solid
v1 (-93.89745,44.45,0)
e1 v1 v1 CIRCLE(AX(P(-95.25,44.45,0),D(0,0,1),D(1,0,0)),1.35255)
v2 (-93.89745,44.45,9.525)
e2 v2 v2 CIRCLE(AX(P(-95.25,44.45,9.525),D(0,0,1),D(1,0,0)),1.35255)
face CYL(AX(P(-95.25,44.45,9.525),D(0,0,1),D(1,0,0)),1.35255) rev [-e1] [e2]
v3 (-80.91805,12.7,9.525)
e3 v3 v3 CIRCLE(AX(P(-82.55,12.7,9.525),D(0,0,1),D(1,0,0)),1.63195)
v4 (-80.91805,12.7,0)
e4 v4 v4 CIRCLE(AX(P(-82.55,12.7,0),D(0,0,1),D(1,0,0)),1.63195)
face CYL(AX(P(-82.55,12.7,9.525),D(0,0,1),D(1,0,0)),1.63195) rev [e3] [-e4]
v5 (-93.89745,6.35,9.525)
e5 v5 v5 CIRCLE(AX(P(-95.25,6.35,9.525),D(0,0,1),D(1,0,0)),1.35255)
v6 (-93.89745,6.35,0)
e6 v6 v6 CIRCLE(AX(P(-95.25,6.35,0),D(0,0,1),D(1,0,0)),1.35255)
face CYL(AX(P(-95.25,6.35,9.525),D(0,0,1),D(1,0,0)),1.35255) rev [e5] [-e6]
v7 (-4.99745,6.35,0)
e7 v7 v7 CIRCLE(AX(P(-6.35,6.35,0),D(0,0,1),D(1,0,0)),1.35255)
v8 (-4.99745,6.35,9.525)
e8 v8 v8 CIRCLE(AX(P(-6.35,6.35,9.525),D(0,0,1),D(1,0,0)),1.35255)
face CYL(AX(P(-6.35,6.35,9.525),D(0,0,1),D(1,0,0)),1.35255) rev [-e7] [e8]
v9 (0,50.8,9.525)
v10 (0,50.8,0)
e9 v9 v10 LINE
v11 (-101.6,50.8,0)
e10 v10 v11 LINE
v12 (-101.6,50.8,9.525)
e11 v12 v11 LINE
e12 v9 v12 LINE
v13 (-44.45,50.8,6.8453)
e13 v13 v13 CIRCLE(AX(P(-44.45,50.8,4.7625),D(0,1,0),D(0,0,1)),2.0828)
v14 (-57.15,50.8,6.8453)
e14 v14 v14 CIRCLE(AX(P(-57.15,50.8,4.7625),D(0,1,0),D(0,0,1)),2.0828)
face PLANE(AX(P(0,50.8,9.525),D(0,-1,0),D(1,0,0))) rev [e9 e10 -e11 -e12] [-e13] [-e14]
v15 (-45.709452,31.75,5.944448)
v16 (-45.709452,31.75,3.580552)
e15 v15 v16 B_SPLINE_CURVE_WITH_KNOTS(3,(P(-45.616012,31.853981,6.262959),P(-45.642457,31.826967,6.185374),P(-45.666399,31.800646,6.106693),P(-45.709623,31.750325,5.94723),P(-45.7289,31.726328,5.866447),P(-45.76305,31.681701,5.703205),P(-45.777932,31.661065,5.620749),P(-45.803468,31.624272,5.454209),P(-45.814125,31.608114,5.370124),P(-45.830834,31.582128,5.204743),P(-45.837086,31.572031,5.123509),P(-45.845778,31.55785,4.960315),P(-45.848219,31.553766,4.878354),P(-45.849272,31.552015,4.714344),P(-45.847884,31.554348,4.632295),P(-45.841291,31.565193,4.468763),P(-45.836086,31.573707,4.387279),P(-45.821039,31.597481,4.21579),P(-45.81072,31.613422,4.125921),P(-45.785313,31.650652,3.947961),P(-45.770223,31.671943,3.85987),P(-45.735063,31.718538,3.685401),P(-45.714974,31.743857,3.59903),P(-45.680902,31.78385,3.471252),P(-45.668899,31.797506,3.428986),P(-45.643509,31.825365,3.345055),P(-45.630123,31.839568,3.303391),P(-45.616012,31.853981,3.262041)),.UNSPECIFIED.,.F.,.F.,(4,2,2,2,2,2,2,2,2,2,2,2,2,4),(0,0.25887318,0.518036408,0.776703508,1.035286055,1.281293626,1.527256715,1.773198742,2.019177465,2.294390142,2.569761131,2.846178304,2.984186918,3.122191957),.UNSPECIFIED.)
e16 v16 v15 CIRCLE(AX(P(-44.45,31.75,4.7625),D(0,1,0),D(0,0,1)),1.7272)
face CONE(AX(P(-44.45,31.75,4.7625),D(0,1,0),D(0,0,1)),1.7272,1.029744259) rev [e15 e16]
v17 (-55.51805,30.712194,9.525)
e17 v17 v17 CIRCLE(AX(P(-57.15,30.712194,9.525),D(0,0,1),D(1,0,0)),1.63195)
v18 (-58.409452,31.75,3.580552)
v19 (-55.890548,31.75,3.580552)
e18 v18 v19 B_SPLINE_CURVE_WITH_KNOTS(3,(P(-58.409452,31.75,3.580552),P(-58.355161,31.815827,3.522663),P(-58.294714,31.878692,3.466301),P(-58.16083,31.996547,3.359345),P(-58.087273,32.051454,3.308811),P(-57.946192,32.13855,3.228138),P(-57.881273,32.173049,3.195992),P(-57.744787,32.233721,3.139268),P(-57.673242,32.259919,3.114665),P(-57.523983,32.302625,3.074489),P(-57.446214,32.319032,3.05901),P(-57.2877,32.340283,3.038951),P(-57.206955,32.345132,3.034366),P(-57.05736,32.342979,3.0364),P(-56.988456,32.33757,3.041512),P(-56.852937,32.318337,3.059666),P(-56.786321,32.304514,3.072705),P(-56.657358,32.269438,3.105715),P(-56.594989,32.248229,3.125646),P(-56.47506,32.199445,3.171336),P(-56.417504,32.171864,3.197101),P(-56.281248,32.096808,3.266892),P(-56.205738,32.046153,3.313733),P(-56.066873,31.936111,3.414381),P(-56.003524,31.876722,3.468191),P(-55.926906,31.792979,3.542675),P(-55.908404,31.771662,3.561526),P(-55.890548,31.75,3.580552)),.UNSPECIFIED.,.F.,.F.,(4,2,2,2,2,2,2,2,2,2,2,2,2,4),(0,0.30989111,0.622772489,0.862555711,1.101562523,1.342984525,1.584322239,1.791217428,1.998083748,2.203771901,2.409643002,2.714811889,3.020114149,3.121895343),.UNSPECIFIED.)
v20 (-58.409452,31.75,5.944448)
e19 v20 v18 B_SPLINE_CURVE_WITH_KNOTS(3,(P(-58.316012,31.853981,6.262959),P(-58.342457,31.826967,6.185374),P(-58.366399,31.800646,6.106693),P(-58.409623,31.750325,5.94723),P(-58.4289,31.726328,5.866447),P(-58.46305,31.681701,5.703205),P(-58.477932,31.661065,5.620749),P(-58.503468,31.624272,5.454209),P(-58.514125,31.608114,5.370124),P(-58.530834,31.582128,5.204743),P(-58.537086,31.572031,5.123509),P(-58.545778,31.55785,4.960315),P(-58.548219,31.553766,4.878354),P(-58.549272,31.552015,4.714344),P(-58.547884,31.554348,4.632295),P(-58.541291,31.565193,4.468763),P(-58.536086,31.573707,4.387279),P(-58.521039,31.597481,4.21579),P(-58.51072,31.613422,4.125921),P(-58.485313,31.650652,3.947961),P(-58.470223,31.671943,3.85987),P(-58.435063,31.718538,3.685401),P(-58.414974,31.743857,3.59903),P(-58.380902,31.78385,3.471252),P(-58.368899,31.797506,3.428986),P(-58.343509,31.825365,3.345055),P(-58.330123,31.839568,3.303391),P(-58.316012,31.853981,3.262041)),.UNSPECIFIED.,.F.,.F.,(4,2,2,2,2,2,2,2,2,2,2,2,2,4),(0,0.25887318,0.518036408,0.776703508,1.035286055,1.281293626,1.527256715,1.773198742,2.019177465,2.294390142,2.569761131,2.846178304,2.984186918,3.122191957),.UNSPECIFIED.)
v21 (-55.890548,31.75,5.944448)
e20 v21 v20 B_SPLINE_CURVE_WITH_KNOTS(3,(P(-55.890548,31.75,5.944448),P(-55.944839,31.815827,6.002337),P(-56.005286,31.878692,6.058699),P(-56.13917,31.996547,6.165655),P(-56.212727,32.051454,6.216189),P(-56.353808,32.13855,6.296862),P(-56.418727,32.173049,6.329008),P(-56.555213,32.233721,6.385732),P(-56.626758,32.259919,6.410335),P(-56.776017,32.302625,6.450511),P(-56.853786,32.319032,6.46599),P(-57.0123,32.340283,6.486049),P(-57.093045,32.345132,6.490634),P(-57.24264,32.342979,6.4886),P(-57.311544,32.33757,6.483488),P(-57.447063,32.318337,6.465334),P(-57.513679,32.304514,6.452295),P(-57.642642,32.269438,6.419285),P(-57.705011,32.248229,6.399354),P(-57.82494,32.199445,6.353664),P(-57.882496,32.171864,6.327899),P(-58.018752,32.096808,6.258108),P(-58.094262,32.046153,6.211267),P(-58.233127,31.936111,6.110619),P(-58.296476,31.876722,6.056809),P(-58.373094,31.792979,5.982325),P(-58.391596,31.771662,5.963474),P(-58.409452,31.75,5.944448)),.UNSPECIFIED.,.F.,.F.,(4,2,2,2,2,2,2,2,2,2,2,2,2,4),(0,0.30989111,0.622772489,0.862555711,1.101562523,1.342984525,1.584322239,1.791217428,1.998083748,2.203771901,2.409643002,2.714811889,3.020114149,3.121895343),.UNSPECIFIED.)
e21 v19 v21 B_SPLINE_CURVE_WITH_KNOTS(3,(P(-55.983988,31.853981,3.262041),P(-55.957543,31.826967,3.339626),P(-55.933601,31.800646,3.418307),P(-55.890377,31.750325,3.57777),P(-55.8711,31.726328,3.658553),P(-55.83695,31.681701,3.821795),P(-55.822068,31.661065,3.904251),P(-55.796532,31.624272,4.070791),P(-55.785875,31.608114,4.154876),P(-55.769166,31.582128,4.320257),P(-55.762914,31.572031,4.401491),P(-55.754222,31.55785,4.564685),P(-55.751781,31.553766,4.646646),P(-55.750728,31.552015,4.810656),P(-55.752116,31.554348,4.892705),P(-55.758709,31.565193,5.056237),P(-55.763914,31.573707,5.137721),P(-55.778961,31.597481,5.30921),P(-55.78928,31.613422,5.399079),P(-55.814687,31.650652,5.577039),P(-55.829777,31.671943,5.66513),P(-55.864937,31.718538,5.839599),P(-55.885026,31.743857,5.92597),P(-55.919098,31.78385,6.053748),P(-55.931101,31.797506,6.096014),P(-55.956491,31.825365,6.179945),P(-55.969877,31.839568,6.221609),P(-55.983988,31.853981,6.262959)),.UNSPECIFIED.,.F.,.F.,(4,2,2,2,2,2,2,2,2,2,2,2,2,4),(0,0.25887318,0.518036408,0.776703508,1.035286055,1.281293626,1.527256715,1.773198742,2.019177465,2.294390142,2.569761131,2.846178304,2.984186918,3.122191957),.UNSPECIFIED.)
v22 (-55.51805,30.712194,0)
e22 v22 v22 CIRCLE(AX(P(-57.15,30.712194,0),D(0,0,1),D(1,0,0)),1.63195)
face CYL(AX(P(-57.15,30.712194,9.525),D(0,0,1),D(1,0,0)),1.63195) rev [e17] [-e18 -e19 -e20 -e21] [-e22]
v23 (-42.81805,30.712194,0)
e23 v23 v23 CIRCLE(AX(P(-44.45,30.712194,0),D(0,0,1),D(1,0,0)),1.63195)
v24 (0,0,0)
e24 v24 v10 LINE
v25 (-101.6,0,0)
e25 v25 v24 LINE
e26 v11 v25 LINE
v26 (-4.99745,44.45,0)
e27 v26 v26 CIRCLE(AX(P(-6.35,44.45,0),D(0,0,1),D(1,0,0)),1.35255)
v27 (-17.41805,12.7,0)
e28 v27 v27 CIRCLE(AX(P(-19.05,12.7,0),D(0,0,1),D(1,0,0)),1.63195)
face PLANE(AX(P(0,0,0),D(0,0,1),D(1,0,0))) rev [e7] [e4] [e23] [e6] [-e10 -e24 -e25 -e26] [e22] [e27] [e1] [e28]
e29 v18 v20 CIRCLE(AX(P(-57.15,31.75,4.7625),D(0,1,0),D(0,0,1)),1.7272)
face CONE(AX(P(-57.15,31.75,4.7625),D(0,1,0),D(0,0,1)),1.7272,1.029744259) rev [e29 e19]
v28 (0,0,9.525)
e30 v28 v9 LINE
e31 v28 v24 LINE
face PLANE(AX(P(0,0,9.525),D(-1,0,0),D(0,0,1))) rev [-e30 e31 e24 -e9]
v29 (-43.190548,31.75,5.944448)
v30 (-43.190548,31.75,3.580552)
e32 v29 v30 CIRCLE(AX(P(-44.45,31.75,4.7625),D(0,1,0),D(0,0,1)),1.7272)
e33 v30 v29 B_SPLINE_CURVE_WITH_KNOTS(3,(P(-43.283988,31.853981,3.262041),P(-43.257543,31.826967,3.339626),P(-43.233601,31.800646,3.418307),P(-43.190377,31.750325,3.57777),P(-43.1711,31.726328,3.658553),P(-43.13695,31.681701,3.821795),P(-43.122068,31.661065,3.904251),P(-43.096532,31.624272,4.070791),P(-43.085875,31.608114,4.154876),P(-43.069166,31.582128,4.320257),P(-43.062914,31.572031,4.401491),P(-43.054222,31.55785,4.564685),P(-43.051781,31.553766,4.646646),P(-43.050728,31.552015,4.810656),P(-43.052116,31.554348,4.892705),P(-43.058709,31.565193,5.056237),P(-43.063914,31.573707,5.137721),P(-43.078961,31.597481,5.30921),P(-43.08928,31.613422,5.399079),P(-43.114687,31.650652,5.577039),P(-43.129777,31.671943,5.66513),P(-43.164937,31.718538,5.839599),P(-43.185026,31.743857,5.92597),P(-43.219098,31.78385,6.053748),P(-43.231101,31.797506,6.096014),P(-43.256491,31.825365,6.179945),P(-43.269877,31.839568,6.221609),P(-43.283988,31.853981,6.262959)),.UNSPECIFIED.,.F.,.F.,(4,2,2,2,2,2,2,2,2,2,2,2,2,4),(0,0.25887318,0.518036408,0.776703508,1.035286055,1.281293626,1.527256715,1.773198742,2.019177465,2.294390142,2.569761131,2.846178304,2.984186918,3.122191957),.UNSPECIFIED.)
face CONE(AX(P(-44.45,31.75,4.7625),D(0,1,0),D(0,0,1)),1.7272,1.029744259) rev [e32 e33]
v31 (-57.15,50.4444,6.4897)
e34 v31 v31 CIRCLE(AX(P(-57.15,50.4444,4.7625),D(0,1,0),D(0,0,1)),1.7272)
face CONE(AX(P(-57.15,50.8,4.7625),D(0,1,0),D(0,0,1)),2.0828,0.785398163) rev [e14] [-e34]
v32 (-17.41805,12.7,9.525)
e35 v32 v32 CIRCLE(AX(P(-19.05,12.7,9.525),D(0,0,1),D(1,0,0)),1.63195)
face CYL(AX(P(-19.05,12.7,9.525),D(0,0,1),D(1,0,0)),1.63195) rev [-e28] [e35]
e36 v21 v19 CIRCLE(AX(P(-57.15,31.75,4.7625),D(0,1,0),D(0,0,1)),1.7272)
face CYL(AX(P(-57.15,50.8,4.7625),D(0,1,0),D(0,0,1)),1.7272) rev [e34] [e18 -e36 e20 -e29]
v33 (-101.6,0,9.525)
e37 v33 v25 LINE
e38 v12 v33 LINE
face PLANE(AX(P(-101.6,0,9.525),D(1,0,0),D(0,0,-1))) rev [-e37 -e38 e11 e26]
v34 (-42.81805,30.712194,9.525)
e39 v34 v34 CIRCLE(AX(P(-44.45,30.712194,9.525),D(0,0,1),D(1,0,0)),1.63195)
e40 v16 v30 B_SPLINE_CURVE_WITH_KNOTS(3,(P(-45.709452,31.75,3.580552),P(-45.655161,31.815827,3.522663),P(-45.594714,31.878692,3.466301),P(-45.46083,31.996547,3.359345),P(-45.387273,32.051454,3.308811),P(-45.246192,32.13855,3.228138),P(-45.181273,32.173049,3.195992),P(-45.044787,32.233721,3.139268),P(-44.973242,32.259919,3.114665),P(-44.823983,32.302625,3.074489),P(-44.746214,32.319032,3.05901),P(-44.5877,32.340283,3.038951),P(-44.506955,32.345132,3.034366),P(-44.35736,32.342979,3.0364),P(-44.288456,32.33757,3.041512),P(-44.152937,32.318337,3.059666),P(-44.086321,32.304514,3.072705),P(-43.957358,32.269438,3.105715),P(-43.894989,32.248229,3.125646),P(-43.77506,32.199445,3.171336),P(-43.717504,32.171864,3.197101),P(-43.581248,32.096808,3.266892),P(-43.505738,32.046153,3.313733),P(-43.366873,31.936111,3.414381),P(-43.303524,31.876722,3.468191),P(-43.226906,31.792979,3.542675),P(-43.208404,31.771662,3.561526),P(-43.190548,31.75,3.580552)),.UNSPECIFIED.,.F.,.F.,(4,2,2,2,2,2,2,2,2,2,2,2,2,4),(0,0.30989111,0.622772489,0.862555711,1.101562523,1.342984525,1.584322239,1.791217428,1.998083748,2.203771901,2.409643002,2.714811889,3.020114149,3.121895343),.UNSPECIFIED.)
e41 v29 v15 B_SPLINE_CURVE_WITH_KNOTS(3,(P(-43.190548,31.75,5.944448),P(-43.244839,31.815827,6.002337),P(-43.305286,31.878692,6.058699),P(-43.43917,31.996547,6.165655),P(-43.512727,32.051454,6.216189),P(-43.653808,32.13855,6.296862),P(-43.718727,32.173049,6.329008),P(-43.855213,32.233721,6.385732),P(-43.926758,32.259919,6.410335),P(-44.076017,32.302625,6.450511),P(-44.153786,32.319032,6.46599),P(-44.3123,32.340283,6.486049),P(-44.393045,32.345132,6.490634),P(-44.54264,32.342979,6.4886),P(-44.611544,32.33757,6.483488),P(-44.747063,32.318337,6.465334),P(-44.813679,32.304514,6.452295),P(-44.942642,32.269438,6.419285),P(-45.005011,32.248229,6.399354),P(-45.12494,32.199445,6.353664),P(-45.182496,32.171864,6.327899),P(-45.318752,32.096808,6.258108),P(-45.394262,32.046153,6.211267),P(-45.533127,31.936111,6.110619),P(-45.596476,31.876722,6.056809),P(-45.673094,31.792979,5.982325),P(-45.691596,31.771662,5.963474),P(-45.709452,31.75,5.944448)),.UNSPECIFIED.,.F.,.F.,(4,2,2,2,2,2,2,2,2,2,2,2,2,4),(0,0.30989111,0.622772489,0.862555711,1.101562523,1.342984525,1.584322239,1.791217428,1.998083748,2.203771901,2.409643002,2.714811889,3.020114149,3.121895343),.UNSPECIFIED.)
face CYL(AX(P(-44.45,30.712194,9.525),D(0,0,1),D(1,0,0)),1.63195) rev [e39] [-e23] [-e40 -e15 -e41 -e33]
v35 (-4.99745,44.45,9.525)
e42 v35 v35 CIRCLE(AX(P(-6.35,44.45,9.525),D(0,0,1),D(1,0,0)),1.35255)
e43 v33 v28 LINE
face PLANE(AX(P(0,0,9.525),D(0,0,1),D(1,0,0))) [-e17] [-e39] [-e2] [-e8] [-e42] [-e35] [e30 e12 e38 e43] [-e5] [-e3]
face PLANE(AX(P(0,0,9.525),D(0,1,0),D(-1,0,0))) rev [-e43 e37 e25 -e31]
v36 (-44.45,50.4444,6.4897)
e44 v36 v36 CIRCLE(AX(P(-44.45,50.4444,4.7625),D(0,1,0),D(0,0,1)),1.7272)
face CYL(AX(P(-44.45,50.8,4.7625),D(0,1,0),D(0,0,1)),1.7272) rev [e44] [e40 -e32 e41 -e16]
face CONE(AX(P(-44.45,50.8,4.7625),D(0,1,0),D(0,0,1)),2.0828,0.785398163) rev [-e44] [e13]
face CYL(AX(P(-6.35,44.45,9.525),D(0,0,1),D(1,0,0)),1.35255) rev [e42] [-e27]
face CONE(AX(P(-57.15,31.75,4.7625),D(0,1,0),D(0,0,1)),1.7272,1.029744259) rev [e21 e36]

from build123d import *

# Parameters (mm, degrees)
SKETCH1_W                       = 101.6
SKETCH1_H                       = 50.8
BOSS_EXTRUDE1_DEPTH             = 9.525
F_8_32_TAPPED_HOLE1_D           = 3.4544
F_8_32_TAPPED_HOLE1_DEPTH       = 19.05
F_8_32_TAPPED_HOLE1_CSINK_D     = 4.1656
F_8_32_TAPPED_HOLE1_CSINK_ANGLE = 90
F_8_32_TAPPED_HOLE1_TIP         = 1.037806461
F_4_CLEARANCE_HOLE2_D           = 3.2639
F_4_CLEARANCE_HOLE2_DEPTH       = 25.4
F_4_CLEARANCE_HOLE2_TIP         = 0.980574487
F_6_32_TAPPED_HOLE1_D           = 2.7051
F_4_CLEARANCE_HOLE1_D           = 3.2639
F_4_CLEARANCE_HOLE1_DEPTH       = 9.525


with BuildPart() as part:
    # Sketch1 → Boss-Extrude1 (new body)
    with BuildSketch(Plane.XY):
        with Locations((-50.8, 25.4)):
            Rectangle(SKETCH1_W, SKETCH1_H)
    extrude(amount=BOSS_EXTRUDE1_DEPTH)

    # #8-32 Tapped Hole1
    with Locations(Plane(origin=(0, 50.8, 0), x_dir=(1, 0, 0), z_dir=(0, 1, 0))):
        with Locations((-44.45, -4.7625), (-57.15, -4.7625)):
            CounterSinkHole(F_8_32_TAPPED_HOLE1_D / 2, F_8_32_TAPPED_HOLE1_CSINK_D / 2, depth=F_8_32_TAPPED_HOLE1_DEPTH, counter_sink_angle=F_8_32_TAPPED_HOLE1_CSINK_ANGLE)
            with Locations((0, 0, -(F_8_32_TAPPED_HOLE1_DEPTH + F_8_32_TAPPED_HOLE1_TIP / 2))):  # 118° drill point
                Cone(0, F_8_32_TAPPED_HOLE1_D / 2, F_8_32_TAPPED_HOLE1_TIP, mode=Mode.SUBTRACT)

    # #4 Clearance Hole2
    with Locations(Plane.XY.offset(9.525)):
        with Locations((-44.45, 30.712193539), (-57.15, 30.712193539)):
            Hole(F_4_CLEARANCE_HOLE2_D / 2, depth=F_4_CLEARANCE_HOLE2_DEPTH)
            with Locations((0, 0, -(F_4_CLEARANCE_HOLE2_DEPTH + F_4_CLEARANCE_HOLE2_TIP / 2))):  # 118° drill point
                Cone(0, F_4_CLEARANCE_HOLE2_D / 2, F_4_CLEARANCE_HOLE2_TIP, mode=Mode.SUBTRACT)

    # #6-32 Tapped Hole1 (through all)
    with Locations(Plane.XY.offset(9.525)):
        with Locations((-95.25, 6.35), (-95.25, 44.45), (-6.35, 6.35), (-6.35, 44.45)):
            Hole(F_6_32_TAPPED_HOLE1_D / 2)

    # #4 Clearance Hole1
    with Locations(Plane.XY.offset(9.525)):
        with Locations((-82.55, 12.7), (-19.05, 12.7)):
            Hole(F_4_CLEARANCE_HOLE1_D / 2, depth=F_4_CLEARANCE_HOLE1_DEPTH)


solid = part.part
